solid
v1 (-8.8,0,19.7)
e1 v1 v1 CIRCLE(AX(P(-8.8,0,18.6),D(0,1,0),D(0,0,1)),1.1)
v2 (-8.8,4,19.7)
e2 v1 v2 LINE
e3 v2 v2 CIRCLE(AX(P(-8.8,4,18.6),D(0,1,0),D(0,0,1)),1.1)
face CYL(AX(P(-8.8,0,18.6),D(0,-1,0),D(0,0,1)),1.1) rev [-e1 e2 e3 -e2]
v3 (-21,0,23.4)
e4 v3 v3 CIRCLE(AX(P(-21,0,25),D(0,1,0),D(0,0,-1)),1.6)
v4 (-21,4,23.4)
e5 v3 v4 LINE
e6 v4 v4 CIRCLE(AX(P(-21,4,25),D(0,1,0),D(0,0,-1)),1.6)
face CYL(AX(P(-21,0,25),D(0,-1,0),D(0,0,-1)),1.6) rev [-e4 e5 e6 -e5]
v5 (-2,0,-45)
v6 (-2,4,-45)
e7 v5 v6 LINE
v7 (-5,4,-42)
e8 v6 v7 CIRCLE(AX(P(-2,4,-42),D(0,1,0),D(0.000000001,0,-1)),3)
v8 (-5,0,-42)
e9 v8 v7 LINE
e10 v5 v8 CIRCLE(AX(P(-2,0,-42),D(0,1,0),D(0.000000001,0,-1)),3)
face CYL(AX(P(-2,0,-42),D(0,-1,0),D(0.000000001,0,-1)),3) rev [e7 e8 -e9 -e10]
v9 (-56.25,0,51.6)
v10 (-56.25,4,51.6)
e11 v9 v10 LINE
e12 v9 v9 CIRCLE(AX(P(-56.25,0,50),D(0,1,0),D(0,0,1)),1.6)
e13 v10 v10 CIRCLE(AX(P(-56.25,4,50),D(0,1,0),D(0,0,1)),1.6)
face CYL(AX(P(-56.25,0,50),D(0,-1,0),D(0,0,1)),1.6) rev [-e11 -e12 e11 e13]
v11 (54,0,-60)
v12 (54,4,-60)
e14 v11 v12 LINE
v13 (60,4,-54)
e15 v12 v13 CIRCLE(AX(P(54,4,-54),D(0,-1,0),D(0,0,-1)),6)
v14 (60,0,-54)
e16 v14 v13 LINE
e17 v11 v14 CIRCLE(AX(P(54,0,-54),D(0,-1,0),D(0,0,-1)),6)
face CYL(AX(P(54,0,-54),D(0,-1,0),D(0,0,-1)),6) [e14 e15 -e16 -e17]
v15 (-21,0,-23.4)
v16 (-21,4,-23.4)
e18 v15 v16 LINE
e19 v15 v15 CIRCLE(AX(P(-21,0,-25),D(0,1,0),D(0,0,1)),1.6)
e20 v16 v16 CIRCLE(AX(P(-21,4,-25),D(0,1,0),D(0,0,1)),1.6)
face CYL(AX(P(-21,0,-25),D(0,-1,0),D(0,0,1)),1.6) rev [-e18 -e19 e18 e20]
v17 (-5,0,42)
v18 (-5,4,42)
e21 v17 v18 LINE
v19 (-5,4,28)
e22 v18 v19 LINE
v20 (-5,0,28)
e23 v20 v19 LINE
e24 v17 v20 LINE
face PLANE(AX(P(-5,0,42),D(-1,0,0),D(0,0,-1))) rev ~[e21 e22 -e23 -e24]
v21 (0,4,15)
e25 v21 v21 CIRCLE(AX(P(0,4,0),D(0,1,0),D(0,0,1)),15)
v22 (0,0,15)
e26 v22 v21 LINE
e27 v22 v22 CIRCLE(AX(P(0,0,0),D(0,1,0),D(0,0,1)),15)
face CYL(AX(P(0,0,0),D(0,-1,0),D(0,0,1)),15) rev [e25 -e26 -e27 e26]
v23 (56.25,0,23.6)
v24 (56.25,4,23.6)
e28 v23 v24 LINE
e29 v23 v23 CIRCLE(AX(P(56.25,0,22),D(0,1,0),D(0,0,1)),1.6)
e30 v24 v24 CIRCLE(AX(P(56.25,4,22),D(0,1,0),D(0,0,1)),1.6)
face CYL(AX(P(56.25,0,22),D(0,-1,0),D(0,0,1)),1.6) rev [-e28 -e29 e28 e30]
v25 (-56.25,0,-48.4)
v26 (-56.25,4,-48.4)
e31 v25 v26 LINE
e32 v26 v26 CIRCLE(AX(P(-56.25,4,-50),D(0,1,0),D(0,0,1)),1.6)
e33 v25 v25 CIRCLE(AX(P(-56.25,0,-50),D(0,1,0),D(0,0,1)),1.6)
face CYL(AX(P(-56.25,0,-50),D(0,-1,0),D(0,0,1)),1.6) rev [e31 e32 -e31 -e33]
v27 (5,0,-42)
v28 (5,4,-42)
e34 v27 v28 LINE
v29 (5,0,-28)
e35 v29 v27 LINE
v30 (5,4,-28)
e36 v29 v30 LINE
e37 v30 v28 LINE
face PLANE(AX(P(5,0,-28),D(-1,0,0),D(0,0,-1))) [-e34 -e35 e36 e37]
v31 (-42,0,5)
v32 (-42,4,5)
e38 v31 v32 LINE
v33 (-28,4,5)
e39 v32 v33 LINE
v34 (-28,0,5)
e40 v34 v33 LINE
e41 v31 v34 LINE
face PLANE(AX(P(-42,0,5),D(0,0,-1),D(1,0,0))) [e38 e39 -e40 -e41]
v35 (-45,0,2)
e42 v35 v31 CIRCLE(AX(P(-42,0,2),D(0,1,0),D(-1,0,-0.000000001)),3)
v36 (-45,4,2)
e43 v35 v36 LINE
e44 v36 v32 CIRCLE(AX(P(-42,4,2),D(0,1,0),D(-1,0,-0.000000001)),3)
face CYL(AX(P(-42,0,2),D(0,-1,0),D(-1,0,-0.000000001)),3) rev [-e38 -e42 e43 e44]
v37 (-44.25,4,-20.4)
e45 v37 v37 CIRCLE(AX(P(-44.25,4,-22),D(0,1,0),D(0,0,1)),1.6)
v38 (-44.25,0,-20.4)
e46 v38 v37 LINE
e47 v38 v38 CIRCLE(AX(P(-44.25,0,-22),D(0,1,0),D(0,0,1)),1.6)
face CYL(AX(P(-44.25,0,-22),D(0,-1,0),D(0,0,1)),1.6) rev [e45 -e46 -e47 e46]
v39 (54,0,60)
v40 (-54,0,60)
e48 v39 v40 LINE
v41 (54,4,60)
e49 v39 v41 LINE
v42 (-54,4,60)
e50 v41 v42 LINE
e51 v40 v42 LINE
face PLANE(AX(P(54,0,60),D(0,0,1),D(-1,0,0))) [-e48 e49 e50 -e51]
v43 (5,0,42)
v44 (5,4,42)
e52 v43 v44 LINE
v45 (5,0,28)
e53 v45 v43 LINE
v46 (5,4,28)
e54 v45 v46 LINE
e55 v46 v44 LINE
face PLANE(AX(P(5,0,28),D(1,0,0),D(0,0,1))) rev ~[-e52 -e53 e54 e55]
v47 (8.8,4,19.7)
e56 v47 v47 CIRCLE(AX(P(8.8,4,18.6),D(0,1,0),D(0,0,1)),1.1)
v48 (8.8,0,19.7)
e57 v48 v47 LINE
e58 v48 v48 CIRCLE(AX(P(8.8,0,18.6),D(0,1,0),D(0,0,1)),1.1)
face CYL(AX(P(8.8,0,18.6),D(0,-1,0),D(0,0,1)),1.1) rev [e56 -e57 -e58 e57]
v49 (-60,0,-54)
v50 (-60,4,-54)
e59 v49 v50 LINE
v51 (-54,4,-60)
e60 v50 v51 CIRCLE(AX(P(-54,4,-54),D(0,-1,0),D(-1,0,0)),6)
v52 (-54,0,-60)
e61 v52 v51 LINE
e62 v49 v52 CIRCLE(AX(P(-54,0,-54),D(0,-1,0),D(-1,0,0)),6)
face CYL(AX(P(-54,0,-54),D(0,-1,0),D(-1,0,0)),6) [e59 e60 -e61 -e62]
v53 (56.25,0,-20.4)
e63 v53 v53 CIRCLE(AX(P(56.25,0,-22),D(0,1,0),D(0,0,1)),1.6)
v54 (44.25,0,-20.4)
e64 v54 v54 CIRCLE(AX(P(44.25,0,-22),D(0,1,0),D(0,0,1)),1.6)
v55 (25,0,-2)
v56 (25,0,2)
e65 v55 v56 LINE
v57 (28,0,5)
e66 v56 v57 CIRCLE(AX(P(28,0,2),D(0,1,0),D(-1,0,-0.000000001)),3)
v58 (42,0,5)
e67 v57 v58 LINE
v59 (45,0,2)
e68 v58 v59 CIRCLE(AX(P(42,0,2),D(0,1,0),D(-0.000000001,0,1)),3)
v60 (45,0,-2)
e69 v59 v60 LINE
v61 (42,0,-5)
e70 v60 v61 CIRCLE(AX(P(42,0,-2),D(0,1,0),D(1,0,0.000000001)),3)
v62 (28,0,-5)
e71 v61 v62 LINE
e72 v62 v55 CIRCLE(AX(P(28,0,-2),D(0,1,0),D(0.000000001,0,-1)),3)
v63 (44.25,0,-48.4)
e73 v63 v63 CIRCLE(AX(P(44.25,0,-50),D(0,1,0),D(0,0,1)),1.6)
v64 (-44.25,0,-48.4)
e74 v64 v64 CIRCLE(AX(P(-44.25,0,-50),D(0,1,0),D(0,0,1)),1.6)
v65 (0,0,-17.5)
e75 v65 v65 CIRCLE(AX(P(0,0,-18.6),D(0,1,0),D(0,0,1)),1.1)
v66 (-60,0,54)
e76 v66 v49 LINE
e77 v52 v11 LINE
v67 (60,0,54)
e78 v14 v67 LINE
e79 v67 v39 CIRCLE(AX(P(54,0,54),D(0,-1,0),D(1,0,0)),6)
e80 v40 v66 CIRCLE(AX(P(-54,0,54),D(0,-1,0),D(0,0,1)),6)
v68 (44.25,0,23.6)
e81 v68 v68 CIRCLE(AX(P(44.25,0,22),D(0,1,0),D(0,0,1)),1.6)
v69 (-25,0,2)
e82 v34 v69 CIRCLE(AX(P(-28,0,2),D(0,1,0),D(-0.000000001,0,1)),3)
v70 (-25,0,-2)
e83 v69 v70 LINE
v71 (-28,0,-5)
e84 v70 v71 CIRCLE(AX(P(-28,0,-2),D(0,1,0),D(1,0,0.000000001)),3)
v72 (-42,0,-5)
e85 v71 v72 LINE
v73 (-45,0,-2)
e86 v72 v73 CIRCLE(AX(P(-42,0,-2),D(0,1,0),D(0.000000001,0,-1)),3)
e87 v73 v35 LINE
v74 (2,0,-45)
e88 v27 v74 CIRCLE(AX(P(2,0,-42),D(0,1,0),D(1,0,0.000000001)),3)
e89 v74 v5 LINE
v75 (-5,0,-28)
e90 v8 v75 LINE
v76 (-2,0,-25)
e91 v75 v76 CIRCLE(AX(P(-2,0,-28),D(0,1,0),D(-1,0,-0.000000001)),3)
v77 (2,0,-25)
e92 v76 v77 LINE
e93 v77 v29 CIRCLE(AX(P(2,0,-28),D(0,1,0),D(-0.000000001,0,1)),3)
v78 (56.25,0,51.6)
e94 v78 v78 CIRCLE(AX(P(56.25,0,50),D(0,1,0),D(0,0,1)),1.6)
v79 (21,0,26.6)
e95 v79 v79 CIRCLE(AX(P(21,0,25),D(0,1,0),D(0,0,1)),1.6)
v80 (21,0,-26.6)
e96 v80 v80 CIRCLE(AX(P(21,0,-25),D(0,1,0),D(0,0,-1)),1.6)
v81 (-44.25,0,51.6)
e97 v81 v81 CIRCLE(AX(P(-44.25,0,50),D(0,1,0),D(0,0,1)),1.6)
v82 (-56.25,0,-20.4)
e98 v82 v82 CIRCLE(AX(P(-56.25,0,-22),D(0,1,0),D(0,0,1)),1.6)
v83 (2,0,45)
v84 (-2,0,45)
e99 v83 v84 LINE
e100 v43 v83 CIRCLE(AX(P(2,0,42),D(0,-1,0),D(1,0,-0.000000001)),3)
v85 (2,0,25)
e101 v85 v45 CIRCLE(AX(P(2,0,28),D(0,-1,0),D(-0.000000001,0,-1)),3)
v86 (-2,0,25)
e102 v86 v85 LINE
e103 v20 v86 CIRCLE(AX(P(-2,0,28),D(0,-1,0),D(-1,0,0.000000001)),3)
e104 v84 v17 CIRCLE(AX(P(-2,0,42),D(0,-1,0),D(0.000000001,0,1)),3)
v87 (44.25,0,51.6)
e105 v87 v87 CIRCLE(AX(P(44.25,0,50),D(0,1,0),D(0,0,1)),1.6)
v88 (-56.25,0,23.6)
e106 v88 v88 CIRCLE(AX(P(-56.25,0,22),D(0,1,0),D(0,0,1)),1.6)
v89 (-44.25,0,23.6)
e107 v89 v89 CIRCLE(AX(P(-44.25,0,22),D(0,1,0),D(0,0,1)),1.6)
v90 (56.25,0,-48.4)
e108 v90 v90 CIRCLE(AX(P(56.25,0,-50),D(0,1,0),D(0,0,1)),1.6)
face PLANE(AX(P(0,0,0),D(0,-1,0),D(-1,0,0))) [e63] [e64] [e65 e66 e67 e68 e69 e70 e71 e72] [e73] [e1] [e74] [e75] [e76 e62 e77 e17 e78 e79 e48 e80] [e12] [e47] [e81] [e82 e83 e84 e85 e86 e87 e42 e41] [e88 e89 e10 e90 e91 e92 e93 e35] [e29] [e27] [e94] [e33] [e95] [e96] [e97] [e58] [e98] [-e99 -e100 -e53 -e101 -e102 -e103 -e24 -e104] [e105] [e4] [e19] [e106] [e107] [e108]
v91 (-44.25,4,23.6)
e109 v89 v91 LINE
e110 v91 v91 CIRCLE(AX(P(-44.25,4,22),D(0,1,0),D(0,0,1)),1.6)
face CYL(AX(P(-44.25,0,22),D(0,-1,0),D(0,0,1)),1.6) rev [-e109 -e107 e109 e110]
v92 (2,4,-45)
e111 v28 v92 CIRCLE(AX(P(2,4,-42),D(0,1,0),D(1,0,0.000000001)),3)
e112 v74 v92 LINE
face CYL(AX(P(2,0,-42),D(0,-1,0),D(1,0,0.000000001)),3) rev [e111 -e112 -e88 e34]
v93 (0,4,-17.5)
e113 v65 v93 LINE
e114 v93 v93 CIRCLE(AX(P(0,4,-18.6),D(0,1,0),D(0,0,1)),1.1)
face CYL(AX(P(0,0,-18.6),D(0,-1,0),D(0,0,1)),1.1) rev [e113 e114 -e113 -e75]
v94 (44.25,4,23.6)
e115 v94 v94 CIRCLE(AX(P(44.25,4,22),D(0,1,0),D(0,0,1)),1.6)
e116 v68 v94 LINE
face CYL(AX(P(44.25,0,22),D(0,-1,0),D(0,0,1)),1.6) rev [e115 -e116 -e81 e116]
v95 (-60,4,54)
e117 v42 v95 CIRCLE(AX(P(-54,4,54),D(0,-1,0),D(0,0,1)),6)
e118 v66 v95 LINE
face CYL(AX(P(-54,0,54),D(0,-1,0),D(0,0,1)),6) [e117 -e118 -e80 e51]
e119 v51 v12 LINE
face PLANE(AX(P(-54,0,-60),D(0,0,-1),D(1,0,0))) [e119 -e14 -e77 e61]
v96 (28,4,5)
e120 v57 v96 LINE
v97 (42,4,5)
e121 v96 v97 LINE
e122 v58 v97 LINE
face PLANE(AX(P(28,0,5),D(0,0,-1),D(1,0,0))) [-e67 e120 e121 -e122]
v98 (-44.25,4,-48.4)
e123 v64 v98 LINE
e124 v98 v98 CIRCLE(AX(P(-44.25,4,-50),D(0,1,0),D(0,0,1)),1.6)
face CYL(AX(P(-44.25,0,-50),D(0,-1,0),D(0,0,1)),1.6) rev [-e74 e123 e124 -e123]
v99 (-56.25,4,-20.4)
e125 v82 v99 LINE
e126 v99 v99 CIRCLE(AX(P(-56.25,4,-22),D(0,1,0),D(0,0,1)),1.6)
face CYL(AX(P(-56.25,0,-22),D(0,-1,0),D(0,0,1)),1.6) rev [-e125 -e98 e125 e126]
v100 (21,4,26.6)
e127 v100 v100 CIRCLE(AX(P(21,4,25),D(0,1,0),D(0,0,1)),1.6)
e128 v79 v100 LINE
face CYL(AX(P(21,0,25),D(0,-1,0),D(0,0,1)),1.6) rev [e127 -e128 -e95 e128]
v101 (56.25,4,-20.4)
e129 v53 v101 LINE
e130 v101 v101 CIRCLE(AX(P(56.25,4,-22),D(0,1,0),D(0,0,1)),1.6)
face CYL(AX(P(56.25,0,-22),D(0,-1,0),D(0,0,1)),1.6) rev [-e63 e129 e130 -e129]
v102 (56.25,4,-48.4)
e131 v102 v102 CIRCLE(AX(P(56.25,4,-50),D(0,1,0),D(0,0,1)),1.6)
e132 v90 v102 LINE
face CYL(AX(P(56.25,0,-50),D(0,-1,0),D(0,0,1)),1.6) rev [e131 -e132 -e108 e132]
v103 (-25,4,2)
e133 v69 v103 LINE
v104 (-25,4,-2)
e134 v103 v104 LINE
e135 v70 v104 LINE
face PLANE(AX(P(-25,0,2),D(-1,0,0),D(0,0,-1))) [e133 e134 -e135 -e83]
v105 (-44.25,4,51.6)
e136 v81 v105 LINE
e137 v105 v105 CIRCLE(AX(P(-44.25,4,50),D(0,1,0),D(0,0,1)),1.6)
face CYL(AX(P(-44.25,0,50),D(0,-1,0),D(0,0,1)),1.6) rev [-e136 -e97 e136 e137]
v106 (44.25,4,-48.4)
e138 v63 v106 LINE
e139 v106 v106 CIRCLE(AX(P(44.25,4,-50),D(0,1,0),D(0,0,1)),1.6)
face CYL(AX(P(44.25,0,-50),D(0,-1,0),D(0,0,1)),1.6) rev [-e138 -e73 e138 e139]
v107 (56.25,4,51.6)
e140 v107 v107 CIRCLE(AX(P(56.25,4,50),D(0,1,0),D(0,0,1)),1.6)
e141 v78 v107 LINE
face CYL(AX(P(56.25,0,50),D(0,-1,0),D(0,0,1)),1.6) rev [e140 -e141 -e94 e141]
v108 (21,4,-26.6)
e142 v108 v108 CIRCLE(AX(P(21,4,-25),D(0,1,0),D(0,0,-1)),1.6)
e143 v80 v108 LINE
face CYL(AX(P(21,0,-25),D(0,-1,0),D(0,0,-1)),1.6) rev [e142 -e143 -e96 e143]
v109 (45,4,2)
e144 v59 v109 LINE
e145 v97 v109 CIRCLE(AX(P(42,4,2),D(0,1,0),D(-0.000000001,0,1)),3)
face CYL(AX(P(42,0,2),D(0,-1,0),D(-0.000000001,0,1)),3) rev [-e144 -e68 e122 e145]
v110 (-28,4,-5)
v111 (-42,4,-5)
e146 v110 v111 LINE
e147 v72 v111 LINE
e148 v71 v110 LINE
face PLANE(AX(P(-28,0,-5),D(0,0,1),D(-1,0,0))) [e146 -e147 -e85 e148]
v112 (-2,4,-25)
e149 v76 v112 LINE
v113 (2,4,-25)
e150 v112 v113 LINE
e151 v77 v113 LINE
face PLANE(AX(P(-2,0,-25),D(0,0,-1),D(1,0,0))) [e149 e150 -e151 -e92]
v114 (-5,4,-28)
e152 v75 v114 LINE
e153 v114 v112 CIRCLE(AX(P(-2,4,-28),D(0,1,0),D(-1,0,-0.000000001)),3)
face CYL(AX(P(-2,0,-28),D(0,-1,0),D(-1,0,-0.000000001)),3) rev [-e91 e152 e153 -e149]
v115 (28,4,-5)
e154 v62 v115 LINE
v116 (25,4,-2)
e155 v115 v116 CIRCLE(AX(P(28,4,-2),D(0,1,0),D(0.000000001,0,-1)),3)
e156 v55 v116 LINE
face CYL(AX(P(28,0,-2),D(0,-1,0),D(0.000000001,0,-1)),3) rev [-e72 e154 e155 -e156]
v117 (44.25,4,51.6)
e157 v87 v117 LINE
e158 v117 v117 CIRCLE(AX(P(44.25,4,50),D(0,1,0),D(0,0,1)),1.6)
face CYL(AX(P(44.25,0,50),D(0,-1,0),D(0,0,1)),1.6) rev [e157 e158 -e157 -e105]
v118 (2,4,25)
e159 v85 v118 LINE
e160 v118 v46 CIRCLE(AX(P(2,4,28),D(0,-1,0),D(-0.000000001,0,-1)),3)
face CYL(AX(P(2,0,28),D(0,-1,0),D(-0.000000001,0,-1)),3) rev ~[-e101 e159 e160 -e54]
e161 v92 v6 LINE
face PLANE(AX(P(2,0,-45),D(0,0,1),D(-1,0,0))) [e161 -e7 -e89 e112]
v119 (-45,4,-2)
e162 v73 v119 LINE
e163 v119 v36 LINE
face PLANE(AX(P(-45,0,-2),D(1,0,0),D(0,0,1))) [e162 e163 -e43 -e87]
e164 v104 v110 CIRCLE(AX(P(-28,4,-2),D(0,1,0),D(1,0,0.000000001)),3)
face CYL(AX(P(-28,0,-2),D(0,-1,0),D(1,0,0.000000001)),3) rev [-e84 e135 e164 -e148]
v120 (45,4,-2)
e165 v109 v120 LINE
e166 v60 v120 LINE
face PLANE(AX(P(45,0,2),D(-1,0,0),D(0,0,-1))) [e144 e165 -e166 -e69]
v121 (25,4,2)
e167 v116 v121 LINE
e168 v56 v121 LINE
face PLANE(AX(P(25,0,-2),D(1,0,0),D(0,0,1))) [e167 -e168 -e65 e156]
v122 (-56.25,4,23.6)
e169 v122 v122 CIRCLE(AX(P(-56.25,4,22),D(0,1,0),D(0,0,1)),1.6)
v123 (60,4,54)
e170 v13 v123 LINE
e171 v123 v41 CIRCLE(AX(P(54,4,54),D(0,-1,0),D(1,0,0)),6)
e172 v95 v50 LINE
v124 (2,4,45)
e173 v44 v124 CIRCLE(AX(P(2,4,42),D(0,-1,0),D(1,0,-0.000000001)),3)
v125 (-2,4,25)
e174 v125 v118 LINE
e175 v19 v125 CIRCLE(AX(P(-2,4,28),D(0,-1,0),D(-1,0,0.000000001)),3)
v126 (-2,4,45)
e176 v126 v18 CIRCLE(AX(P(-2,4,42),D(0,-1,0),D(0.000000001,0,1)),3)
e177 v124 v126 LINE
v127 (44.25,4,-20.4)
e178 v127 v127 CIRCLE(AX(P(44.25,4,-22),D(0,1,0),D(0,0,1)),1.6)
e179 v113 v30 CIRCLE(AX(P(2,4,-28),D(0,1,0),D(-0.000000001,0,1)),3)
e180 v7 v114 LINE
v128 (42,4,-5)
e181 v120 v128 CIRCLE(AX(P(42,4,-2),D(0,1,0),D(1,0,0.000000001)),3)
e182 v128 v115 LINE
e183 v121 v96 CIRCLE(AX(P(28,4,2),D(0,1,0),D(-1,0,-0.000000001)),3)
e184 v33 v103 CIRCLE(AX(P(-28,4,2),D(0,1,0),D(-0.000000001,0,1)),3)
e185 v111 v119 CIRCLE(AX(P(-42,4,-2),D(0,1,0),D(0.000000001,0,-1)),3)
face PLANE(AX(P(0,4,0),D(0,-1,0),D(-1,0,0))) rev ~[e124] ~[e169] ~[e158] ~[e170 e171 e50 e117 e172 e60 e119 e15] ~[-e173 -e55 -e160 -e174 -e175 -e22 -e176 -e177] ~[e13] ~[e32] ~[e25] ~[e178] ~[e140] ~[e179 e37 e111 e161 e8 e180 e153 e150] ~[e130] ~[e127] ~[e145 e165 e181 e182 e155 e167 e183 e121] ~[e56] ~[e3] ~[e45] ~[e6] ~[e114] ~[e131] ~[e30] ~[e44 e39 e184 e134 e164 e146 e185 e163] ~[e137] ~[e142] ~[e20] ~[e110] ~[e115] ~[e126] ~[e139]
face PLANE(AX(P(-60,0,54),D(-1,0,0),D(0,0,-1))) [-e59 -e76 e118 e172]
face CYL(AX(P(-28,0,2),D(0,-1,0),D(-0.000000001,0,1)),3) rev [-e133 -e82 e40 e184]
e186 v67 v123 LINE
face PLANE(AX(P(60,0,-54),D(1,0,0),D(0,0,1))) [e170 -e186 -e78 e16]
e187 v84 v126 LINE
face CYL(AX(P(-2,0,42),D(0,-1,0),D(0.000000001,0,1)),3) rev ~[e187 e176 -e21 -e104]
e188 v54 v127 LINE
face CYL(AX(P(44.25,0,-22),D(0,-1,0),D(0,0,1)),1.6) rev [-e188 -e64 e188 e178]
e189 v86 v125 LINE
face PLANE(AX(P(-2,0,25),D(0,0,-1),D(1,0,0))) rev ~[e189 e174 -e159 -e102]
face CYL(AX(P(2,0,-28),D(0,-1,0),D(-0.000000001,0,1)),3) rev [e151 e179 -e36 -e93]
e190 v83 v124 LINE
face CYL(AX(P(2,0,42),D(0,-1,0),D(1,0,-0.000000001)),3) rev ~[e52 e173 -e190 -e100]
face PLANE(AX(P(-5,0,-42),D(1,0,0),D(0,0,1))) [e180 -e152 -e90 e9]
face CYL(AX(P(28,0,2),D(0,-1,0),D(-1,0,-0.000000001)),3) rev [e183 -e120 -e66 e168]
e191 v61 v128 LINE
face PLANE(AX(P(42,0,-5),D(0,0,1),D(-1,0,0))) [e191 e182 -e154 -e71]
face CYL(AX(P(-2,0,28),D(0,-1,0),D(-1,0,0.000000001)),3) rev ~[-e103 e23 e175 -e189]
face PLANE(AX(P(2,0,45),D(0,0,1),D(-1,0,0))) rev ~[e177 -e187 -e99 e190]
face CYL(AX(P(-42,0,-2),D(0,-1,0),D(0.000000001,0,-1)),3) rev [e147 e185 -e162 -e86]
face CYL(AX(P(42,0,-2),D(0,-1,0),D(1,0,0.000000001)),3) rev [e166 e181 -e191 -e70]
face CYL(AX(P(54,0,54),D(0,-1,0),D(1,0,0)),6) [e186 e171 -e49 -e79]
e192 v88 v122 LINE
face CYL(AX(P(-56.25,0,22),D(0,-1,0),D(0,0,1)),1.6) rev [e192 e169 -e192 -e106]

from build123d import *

# Parameters (mm, degrees)
SKETCH_1_R      = 1.1
SKETCH_1_R_2    = 1.6
SKETCH_1_R_3    = 15
EXTRUDE_1_DEPTH = 4


with BuildPart() as part:
    # 草图1 → 凸台-拉伸1 (new body)
    with BuildSketch(Plane(origin=(0, 0, 0), x_dir=(1, 0, 0), z_dir=(0, 1, 0))):
        with BuildLine():
            Line((-54, 60), (54, 60))
            ThreePointArc((54, 60), (58.242640687, 58.242640687), (60, 54))
            Line((60, 54), (60, -54))
            ThreePointArc((60, -54), (58.242640687, -58.242640687), (54, -60))
            Line((54, -60), (-54, -60))
            ThreePointArc((-54, -60), (-58.242640687, -58.242640687), (-60, -54))
            Line((-60, -54), (-60, 54))
            ThreePointArc((-60, 54), (-58.242640687, 58.242640687), (-54, 60))
        make_face()
        with Locations(Location((0, 18.6, 0), (0, 0, 270))):
            Circle(SKETCH_1_R, mode=Mode.SUBTRACT)
        with Locations(Location((8.8, -18.6, 0), (0, 0, 270))):
            Circle(SKETCH_1_R, mode=Mode.SUBTRACT)
        with Locations(Location((-8.8, -18.6, 0), (0, 0, 270))):
            Circle(SKETCH_1_R, mode=Mode.SUBTRACT)
        with Locations(Location((-21, 25, 0), (0, 0, 270))):
            Circle(SKETCH_1_R_2, mode=Mode.SUBTRACT)
        with Locations(Location((21, 25, 0), (0, 0, 90))):
            Circle(SKETCH_1_R_2, mode=Mode.SUBTRACT)
        with Locations(Location((21, -25, 0), (0, 0, 270))):
            Circle(SKETCH_1_R_2, mode=Mode.SUBTRACT)
        with Locations(Location((-21, -25, 0), (0, 0, 90))):
            Circle(SKETCH_1_R_2, mode=Mode.SUBTRACT)
        with Locations(Location((-56.25, 50, 0), (0, 0, 270))):
            Circle(SKETCH_1_R_2, mode=Mode.SUBTRACT)
        with Locations(Location((-44.25, 50, 0), (0, 0, 270))):
            Circle(SKETCH_1_R_2, mode=Mode.SUBTRACT)
        with Locations(Location((-44.25, 22, 0), (0, 0, 270))):
            Circle(SKETCH_1_R_2, mode=Mode.SUBTRACT)
        with Locations(Location((-56.25, 22, 0), (0, 0, 270))):
            Circle(SKETCH_1_R_2, mode=Mode.SUBTRACT)
        with Locations(Location((56.25, 22, 0), (0, 0, 270))):
            Circle(SKETCH_1_R_2, mode=Mode.SUBTRACT)
        with Locations(Location((44.25, 22, 0), (0, 0, 270))):
            Circle(SKETCH_1_R_2, mode=Mode.SUBTRACT)
        with Locations(Location((44.25, 50, 0), (0, 0, 270))):
            Circle(SKETCH_1_R_2, mode=Mode.SUBTRACT)
        with Locations(Location((56.25, 50, 0), (0, 0, 270))):
            Circle(SKETCH_1_R_2, mode=Mode.SUBTRACT)
        with Locations(Location((56.25, -50, 0), (0, 0, 270))):
            Circle(SKETCH_1_R_2, mode=Mode.SUBTRACT)
        with Locations(Location((44.25, -50, 0), (0, 0, 270))):
            Circle(SKETCH_1_R_2, mode=Mode.SUBTRACT)
        with Locations(Location((44.25, -22, 0), (0, 0, 270))):
            Circle(SKETCH_1_R_2, mode=Mode.SUBTRACT)
        with Locations(Location((56.25, -22, 0), (0, 0, 270))):
            Circle(SKETCH_1_R_2, mode=Mode.SUBTRACT)
        with Locations(Location((-44.25, -50, 0), (0, 0, 270))):
            Circle(SKETCH_1_R_2, mode=Mode.SUBTRACT)
        with Locations(Location((-56.25, -50, 0), (0, 0, 270))):
            Circle(SKETCH_1_R_2, mode=Mode.SUBTRACT)
        with Locations(Location((-56.25, -22, 0), (0, 0, 270))):
            Circle(SKETCH_1_R_2, mode=Mode.SUBTRACT)
        with Locations(Location((-44.25, -22, 0), (0, 0, 270))):
            Circle(SKETCH_1_R_2, mode=Mode.SUBTRACT)
        with Locations(Location((0, 0, 0), (0, 0, 270))):
            Circle(SKETCH_1_R_3, mode=Mode.SUBTRACT)
        with BuildLine():
            Line((-2, -25), (2, -25))
            ThreePointArc((2, -25), (4.121320344, -25.878679656), (5, -28))
            Line((5, -28), (5, -42))
            ThreePointArc((5, -42), (4.121320344, -44.121320344), (2, -45))
            Line((2, -45), (-2, -45))
            ThreePointArc((-2, -45), (-4.121320344, -44.121320344), (-5, -42))
            Line((-5, -42), (-5, -28))
            ThreePointArc((-5, -28), (-4.121320344, -25.878679656), (-2, -25))
        make_face(mode=Mode.SUBTRACT)
        with BuildLine():
            Line((-45, 2), (-45, -2))
            ThreePointArc((-45, -2), (-44.121320344, -4.121320344), (-42, -5))
            Line((-42, -5), (-28, -5))
            ThreePointArc((-28, -5), (-25.878679656, -4.121320344), (-25, -2))
            Line((-25, -2), (-25, 2))
            ThreePointArc((-25, 2), (-25.878679656, 4.121320344), (-28, 5))
            Line((-28, 5), (-42, 5))
            ThreePointArc((-42, 5), (-44.121320344, 4.121320344), (-45, 2))
        make_face(mode=Mode.SUBTRACT)
        with BuildLine():
            Line((2, 45), (-2, 45))
            ThreePointArc((-2, 45), (-4.121320344, 44.121320344), (-5, 42))
            Line((-5, 42), (-5, 28))
            ThreePointArc((-5, 28), (-4.121320344, 25.878679656), (-2, 25))
            Line((-2, 25), (2, 25))
            ThreePointArc((2, 25), (4.121320344, 25.878679656), (5, 28))
            Line((5, 28), (5, 42))
            ThreePointArc((5, 42), (4.121320344, 44.121320344), (2, 45))
        make_face(mode=Mode.SUBTRACT)
        with BuildLine():
            Line((45, -2), (45, 2))
            ThreePointArc((45, 2), (44.121320344, 4.121320344), (42, 5))
            Line((42, 5), (28, 5))
            ThreePointArc((28, 5), (25.878679656, 4.121320344), (25, 2))
            Line((25, 2), (25, -2))
            ThreePointArc((25, -2), (25.878679656, -4.121320344), (28, -5))
            Line((28, -5), (42, -5))
            ThreePointArc((42, -5), (44.121320344, -4.121320344), (45, -2))
        make_face(mode=Mode.SUBTRACT)
    extrude(amount=EXTRUDE_1_DEPTH)


solid = part.part
